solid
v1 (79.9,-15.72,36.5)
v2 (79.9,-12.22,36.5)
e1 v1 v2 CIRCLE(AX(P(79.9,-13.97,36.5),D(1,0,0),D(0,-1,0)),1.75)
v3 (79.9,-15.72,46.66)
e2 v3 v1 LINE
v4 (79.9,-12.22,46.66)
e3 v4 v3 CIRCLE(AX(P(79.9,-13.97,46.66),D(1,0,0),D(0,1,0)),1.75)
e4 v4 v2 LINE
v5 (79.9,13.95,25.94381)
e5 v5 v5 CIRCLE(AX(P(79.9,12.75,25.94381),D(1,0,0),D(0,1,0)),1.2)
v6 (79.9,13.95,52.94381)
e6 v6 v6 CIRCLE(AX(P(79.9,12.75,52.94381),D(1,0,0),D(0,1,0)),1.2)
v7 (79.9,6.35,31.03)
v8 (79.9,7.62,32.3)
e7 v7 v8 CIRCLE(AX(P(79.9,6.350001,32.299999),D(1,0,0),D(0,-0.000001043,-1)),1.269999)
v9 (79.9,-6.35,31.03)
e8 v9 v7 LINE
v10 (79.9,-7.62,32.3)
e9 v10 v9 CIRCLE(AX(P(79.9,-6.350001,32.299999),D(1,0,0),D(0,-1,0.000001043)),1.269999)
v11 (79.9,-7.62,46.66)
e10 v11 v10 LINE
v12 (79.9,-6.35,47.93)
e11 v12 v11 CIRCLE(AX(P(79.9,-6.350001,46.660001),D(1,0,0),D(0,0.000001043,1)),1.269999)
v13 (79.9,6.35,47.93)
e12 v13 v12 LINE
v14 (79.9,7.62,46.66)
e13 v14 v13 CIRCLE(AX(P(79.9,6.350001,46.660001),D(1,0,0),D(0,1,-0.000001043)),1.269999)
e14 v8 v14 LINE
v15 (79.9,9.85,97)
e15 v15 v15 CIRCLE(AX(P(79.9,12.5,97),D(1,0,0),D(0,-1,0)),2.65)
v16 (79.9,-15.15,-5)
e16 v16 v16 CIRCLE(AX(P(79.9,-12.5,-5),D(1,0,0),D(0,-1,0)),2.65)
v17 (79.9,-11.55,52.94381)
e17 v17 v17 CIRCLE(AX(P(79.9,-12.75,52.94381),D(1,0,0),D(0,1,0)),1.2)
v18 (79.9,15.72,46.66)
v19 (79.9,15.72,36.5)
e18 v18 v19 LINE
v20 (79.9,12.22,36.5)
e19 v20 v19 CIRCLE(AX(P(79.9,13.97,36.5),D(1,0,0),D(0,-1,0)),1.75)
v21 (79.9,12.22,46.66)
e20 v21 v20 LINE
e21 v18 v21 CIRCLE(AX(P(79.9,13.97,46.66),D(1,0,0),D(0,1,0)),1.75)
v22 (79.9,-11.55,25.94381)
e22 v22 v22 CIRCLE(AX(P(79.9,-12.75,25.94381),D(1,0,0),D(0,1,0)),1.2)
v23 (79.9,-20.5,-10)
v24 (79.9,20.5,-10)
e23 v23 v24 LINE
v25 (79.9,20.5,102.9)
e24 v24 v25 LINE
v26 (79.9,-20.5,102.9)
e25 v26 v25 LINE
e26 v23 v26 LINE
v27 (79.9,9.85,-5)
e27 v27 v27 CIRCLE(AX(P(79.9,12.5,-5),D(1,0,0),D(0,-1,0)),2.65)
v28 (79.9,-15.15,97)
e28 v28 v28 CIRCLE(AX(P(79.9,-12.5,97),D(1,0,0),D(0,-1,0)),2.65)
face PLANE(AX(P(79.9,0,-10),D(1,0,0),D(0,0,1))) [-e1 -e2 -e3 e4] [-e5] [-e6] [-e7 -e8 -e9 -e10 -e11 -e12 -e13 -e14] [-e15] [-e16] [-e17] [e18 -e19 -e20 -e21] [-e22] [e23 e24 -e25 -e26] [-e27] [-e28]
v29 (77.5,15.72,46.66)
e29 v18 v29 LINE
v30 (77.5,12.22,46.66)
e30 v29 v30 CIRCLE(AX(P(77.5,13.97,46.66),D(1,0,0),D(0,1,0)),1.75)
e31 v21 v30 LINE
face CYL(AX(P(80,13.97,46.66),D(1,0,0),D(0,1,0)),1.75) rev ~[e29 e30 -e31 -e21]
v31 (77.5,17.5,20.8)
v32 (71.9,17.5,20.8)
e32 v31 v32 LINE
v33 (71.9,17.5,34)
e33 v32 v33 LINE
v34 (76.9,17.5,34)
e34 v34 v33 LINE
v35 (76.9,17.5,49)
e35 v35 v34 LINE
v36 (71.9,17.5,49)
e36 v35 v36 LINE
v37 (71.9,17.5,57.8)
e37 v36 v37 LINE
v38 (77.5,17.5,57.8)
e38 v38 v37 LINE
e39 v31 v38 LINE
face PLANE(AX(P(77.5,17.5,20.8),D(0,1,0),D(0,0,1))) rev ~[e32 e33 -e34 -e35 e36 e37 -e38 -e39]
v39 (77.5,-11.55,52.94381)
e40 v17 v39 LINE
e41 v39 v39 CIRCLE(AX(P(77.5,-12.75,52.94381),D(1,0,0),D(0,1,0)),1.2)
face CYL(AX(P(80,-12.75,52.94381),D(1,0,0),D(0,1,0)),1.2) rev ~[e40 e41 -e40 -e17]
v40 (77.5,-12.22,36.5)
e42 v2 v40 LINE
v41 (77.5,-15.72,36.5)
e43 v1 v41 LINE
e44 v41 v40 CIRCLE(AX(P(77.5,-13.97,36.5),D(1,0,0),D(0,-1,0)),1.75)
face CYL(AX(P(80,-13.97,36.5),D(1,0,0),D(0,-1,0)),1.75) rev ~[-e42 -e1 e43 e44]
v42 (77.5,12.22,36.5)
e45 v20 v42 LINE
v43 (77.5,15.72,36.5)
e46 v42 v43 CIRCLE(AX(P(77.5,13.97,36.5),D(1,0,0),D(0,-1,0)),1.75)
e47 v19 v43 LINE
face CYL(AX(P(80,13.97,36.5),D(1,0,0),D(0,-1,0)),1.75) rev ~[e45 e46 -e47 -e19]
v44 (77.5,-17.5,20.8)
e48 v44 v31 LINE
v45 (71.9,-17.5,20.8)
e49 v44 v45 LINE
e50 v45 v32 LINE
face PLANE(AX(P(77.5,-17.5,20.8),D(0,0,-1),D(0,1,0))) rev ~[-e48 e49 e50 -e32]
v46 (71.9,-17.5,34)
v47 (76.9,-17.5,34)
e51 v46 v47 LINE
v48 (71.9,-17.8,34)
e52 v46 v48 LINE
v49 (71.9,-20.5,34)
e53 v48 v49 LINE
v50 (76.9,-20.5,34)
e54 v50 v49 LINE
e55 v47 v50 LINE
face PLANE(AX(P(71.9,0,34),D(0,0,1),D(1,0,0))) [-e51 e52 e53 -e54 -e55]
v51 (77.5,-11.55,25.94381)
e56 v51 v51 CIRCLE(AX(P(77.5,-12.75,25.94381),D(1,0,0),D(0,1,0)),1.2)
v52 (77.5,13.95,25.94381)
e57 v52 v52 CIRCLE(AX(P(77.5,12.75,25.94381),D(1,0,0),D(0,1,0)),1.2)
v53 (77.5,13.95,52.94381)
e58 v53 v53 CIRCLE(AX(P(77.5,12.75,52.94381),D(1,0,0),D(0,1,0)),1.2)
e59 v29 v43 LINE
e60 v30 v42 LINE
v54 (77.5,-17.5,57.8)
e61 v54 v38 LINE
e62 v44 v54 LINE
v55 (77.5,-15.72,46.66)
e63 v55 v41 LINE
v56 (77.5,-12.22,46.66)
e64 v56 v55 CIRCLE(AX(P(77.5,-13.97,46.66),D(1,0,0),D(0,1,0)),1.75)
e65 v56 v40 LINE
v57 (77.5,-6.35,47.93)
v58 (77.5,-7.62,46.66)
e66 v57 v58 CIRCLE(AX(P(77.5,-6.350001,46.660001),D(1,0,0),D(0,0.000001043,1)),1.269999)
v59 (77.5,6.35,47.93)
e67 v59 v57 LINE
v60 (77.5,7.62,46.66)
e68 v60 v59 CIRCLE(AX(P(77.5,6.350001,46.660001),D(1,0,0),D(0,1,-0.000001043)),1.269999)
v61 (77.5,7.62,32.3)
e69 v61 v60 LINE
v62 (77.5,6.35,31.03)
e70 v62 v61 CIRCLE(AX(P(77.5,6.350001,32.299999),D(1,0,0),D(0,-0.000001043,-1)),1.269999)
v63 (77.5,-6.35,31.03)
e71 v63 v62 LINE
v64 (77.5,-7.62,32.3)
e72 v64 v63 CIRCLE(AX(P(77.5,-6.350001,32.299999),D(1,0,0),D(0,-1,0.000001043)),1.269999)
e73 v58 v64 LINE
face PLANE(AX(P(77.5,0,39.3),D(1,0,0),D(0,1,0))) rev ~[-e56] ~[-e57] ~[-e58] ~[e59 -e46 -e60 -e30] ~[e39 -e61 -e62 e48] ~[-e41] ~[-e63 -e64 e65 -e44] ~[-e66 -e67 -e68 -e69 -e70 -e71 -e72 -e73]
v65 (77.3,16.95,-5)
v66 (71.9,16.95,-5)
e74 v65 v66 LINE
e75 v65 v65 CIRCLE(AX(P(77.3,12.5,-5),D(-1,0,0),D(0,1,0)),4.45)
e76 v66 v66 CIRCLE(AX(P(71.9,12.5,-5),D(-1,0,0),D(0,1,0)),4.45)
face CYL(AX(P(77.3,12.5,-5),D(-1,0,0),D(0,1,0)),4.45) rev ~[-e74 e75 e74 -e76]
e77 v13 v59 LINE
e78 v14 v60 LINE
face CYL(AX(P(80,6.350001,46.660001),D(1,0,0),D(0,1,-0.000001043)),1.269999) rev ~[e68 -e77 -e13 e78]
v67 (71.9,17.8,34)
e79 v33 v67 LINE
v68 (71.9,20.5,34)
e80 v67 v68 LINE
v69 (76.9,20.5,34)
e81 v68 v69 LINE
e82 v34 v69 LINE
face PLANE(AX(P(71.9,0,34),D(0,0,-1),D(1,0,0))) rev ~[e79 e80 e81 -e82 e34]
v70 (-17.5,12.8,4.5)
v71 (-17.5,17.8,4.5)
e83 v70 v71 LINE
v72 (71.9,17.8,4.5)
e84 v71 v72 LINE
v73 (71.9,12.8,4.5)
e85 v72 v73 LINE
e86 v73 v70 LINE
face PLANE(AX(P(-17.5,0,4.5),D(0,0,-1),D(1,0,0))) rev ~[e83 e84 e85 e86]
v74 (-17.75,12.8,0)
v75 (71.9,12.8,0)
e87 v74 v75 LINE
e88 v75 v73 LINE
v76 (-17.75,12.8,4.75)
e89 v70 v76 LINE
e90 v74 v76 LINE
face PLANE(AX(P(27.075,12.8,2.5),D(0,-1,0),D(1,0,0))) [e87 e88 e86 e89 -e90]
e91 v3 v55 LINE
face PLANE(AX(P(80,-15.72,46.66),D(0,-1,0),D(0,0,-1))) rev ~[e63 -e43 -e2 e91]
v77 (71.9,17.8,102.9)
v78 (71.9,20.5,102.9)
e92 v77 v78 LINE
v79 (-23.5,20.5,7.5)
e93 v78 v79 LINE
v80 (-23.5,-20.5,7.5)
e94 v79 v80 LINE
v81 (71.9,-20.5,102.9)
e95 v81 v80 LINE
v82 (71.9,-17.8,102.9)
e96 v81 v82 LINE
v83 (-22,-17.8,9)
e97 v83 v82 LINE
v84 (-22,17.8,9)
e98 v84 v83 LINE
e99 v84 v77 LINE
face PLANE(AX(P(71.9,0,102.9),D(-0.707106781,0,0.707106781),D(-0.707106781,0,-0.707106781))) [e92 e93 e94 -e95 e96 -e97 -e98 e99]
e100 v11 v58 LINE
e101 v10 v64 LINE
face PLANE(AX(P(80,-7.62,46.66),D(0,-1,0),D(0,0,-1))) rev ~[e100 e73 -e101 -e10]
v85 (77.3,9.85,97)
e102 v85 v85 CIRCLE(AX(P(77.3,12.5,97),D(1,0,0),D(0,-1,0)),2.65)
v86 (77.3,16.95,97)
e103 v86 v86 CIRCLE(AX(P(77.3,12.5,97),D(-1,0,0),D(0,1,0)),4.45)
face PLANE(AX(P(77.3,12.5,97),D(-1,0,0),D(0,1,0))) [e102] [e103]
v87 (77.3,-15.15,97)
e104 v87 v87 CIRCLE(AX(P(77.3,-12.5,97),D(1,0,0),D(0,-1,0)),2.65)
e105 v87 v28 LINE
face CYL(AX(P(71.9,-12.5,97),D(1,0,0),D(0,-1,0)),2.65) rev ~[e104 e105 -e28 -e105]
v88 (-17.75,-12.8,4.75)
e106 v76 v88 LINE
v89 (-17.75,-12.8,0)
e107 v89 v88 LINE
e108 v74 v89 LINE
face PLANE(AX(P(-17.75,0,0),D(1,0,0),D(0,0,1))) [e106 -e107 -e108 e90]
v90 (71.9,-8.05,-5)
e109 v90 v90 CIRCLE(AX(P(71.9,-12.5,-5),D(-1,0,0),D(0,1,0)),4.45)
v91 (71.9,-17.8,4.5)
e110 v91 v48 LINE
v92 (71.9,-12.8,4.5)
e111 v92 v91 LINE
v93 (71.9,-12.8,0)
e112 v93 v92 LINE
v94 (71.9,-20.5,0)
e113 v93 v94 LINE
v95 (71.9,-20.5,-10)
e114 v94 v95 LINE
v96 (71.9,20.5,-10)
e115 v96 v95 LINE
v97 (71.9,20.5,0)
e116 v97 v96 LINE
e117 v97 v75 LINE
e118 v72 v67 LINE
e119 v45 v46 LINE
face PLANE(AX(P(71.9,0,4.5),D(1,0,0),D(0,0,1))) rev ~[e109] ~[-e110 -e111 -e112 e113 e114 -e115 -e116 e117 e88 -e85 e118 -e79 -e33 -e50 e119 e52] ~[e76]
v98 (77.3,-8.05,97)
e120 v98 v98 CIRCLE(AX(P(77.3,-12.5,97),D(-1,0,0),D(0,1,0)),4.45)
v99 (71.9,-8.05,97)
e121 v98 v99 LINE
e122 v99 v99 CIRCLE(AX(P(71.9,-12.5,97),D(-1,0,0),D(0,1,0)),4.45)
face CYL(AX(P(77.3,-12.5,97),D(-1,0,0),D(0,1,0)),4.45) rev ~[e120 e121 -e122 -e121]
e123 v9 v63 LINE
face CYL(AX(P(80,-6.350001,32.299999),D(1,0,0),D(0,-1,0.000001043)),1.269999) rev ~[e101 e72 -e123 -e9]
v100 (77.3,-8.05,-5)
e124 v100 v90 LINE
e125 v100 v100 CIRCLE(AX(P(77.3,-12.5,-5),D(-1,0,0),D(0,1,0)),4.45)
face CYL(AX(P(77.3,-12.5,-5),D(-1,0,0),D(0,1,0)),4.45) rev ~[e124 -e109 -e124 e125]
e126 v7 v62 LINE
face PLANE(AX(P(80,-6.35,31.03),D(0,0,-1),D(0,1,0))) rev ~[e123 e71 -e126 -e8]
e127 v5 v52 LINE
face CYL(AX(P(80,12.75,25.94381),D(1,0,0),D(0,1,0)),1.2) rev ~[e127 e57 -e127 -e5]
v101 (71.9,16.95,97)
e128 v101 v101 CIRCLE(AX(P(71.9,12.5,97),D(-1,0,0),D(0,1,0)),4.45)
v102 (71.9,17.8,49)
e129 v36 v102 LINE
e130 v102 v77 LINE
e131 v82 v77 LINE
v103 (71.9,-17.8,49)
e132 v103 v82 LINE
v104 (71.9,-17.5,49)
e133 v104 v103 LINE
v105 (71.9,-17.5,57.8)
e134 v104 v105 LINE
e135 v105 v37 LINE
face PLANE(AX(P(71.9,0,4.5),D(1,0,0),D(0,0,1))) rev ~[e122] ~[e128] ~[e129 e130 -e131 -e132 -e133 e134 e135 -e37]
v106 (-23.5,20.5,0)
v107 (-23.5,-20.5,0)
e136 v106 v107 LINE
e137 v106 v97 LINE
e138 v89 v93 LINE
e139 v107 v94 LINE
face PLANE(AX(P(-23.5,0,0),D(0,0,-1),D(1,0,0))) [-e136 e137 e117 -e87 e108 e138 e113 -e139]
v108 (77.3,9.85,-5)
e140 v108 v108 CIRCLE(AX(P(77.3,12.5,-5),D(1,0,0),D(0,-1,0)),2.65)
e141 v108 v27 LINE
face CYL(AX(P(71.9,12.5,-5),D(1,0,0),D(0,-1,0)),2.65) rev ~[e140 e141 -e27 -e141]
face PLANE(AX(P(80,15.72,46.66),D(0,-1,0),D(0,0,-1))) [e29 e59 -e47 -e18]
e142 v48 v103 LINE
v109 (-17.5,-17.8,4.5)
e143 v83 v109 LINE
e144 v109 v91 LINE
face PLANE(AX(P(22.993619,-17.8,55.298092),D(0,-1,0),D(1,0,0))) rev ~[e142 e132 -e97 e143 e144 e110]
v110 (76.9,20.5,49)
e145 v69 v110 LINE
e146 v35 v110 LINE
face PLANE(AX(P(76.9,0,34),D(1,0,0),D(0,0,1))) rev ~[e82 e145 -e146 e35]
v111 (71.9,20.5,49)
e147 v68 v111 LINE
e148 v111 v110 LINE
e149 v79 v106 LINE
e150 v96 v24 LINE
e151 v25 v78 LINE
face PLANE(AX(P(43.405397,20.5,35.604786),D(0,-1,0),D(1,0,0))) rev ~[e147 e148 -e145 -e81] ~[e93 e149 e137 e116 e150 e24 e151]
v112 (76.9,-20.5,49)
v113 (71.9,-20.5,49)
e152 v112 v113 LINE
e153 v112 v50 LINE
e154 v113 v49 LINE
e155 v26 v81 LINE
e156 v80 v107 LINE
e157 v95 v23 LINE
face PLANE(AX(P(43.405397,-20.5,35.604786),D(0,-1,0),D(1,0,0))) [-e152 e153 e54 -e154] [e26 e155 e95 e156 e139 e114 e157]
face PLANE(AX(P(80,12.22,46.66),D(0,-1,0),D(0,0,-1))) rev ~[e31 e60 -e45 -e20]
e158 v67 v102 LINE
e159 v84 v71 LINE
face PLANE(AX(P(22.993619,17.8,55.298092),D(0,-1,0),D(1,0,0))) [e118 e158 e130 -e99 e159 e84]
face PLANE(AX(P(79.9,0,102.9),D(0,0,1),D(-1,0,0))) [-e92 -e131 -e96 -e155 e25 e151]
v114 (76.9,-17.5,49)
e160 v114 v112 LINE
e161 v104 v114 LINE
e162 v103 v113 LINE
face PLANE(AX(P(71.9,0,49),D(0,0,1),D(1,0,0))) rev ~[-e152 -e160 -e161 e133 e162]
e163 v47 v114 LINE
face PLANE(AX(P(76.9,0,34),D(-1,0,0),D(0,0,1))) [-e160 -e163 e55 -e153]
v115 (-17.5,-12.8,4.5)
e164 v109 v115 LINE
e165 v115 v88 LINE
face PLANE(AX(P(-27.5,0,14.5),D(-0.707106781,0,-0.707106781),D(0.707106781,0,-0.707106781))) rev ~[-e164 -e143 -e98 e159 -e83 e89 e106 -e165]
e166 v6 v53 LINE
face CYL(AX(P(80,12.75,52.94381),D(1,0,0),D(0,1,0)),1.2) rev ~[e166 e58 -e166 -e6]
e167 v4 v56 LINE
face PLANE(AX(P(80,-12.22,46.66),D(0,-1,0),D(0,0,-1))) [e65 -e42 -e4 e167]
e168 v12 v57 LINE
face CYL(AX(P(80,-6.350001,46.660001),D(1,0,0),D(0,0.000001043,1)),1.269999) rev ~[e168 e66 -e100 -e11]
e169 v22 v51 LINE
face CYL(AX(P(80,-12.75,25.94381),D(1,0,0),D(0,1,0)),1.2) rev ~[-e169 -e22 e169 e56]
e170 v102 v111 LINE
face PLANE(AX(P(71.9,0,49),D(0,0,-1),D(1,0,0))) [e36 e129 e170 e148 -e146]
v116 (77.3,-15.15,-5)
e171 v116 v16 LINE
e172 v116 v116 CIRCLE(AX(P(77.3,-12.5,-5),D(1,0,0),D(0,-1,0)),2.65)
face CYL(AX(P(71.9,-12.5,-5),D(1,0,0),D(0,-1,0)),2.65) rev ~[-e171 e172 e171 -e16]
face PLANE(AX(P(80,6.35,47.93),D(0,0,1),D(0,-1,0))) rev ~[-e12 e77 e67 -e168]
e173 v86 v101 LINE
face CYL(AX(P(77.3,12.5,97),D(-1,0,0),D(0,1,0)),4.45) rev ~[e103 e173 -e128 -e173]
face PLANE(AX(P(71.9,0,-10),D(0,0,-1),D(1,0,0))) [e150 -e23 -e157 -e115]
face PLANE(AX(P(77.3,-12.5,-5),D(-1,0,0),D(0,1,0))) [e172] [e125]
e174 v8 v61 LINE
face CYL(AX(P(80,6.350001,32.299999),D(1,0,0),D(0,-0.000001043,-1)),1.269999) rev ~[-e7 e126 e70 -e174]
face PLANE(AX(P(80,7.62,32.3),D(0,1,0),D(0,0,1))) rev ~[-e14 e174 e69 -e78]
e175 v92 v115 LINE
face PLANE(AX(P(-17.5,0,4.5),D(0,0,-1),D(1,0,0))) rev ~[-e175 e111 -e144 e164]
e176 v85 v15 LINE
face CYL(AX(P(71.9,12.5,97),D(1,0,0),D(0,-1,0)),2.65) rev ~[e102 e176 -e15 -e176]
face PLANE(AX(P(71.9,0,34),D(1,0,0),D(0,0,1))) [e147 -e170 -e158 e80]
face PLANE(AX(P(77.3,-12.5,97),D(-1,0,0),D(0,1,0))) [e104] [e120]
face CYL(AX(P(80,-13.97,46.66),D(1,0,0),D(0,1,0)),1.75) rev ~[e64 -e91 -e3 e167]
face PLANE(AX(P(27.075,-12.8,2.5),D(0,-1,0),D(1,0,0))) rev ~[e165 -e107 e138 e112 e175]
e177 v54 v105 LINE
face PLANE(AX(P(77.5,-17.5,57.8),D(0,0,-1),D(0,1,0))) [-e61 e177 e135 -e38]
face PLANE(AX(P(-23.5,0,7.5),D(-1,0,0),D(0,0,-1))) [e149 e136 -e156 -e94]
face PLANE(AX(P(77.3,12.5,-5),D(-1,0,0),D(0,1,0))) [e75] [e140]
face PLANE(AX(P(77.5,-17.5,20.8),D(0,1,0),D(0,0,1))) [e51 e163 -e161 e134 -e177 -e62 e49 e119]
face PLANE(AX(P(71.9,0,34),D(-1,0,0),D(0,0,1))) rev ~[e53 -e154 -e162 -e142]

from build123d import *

# Parameters (mm, degrees)
PAD001_DEPTH         = 20.5
POCKET_DEPTH         = 17.8
SKETCH020_W          = 89.65
SKETCH020_H          = 5
POCKET002_DEPTH      = 12.8
HOLE006_D            = 5.3
HOLE006_CBORE_D      = 8.9
HOLE006_CBORE_DEPTH  = 5.4
SKETCH032_W          = 35
SKETCH032_H          = 37
POCKET010_DEPTH      = 101.001
SKETCH033_W          = 5
SKETCH033_H          = 15
POCKET011_DEPTH      = 20.501
POCKET011_DEPTH_BACK = 20.501
SKETCH034_R          = 1.2
POCKET012_DEPTH      = 103.501


with BuildPart() as part:
    # Sketch018 → Pad001 (new body, symmetric)
    with BuildSketch(Plane.XZ):
        Polygon((71.9, 102.9), (-23.5, 7.5), (-23.5, 0), (71.9, 0), (71.9, -10), (79.9, -10), (79.9, 102.9), align=None)
    extrude(amount=PAD001_DEPTH, both=True)

    # Sketch019 → Pocket (cut, symmetric)
    with BuildSketch(Plane.XZ):
        Polygon((-17.5, 4.5), (71.9, 4.5), (71.9, 104.5), (-27.5, 104.5), (-27.5, 14.5), align=None)
    extrude(amount=POCKET_DEPTH, both=True, mode=Mode.SUBTRACT)

    # Sketch020 → Pocket002 (cut, symmetric)
    with BuildSketch(Plane.XZ):
        with Locations((27.075, 2.5)):
            Rectangle(SKETCH020_W, SKETCH020_H)
    extrude(amount=POCKET002_DEPTH, both=True, mode=Mode.SUBTRACT)

    # Hole006 (through all)
    with Locations(Plane(origin=(71.9, 0, 0), x_dir=(0, 1, 0), z_dir=(-1, 0, 0))):
        with Locations((-12.5, -97), (12.5, -97), (-12.5, 5), (12.5, 5)):
            CounterBoreHole(HOLE006_D / 2, HOLE006_CBORE_D / 2, HOLE006_CBORE_DEPTH)

    # Sketch032 → Pocket010 (cut, through all)
    with BuildSketch(Plane.YZ.offset(77.5)):
        with Locations((0, 39.3)):
            Rectangle(SKETCH032_W, SKETCH032_H)
    extrude(amount=-POCKET010_DEPTH, mode=Mode.SUBTRACT)

    # Sketch033 → Pocket011 (cut, two sides)
    with BuildSketch(Plane.XZ) as pocket011_sk:
        with Locations((74.4, 41.5)):
            Rectangle(SKETCH033_W, SKETCH033_H)
    extrude(amount=-POCKET011_DEPTH, mode=Mode.SUBTRACT)
    extrude(pocket011_sk.sketch, amount=POCKET011_DEPTH_BACK, mode=Mode.SUBTRACT)

    # Sketch034 → Pocket012 (cut, through all)
    with BuildSketch(Plane.YZ.offset(80)):
        with Locations((-12.75, 52.94381)):
            Circle(SKETCH034_R)
        with Locations((12.75, 52.94381)):
            Circle(SKETCH034_R)
        with Locations((12.75, 25.94381)):
            Circle(SKETCH034_R)
        with Locations((-12.75, 25.94381)):
            Circle(SKETCH034_R)
        with BuildLine():
            ThreePointArc((-12.22, 46.66), (-13.97, 48.41), (-15.72, 46.66))
            Line((-15.72, 46.66), (-15.72, 36.5))
            ThreePointArc((-15.72, 36.5), (-13.97, 34.75), (-12.22, 36.5))
            Line((-12.22, 46.66), (-12.22, 36.5))
        make_face()
        with BuildLine():
            ThreePointArc((15.72, 46.66), (13.97, 48.41), (12.22, 46.66))
            Line((12.22, 46.66), (12.22, 36.5))
            ThreePointArc((12.22, 36.5), (13.97, 34.75), (15.72, 36.5))
            Line((15.72, 46.66), (15.72, 36.5))
        make_face()
        with BuildLine():
            Line((-7.62, 46.66), (-7.62, 32.3))
            ThreePointArc((-7.62, 32.3), (-7.248026, 31.401974), (-6.35, 31.03))
            Line((-6.35, 31.03), (6.35, 31.03))
            ThreePointArc((6.35, 31.03), (7.248026, 31.401974), (7.62, 32.3))
            Line((7.62, 32.3), (7.62, 46.66))
            ThreePointArc((7.62, 46.66), (7.248026, 47.558026), (6.35, 47.93))
            Line((6.35, 47.93), (-6.35, 47.93))
            ThreePointArc((-6.35, 47.93), (-7.248026, 47.558026), (-7.62, 46.66))
        make_face()
    extrude(amount=-POCKET012_DEPTH, mode=Mode.SUBTRACT)


solid = part.part
